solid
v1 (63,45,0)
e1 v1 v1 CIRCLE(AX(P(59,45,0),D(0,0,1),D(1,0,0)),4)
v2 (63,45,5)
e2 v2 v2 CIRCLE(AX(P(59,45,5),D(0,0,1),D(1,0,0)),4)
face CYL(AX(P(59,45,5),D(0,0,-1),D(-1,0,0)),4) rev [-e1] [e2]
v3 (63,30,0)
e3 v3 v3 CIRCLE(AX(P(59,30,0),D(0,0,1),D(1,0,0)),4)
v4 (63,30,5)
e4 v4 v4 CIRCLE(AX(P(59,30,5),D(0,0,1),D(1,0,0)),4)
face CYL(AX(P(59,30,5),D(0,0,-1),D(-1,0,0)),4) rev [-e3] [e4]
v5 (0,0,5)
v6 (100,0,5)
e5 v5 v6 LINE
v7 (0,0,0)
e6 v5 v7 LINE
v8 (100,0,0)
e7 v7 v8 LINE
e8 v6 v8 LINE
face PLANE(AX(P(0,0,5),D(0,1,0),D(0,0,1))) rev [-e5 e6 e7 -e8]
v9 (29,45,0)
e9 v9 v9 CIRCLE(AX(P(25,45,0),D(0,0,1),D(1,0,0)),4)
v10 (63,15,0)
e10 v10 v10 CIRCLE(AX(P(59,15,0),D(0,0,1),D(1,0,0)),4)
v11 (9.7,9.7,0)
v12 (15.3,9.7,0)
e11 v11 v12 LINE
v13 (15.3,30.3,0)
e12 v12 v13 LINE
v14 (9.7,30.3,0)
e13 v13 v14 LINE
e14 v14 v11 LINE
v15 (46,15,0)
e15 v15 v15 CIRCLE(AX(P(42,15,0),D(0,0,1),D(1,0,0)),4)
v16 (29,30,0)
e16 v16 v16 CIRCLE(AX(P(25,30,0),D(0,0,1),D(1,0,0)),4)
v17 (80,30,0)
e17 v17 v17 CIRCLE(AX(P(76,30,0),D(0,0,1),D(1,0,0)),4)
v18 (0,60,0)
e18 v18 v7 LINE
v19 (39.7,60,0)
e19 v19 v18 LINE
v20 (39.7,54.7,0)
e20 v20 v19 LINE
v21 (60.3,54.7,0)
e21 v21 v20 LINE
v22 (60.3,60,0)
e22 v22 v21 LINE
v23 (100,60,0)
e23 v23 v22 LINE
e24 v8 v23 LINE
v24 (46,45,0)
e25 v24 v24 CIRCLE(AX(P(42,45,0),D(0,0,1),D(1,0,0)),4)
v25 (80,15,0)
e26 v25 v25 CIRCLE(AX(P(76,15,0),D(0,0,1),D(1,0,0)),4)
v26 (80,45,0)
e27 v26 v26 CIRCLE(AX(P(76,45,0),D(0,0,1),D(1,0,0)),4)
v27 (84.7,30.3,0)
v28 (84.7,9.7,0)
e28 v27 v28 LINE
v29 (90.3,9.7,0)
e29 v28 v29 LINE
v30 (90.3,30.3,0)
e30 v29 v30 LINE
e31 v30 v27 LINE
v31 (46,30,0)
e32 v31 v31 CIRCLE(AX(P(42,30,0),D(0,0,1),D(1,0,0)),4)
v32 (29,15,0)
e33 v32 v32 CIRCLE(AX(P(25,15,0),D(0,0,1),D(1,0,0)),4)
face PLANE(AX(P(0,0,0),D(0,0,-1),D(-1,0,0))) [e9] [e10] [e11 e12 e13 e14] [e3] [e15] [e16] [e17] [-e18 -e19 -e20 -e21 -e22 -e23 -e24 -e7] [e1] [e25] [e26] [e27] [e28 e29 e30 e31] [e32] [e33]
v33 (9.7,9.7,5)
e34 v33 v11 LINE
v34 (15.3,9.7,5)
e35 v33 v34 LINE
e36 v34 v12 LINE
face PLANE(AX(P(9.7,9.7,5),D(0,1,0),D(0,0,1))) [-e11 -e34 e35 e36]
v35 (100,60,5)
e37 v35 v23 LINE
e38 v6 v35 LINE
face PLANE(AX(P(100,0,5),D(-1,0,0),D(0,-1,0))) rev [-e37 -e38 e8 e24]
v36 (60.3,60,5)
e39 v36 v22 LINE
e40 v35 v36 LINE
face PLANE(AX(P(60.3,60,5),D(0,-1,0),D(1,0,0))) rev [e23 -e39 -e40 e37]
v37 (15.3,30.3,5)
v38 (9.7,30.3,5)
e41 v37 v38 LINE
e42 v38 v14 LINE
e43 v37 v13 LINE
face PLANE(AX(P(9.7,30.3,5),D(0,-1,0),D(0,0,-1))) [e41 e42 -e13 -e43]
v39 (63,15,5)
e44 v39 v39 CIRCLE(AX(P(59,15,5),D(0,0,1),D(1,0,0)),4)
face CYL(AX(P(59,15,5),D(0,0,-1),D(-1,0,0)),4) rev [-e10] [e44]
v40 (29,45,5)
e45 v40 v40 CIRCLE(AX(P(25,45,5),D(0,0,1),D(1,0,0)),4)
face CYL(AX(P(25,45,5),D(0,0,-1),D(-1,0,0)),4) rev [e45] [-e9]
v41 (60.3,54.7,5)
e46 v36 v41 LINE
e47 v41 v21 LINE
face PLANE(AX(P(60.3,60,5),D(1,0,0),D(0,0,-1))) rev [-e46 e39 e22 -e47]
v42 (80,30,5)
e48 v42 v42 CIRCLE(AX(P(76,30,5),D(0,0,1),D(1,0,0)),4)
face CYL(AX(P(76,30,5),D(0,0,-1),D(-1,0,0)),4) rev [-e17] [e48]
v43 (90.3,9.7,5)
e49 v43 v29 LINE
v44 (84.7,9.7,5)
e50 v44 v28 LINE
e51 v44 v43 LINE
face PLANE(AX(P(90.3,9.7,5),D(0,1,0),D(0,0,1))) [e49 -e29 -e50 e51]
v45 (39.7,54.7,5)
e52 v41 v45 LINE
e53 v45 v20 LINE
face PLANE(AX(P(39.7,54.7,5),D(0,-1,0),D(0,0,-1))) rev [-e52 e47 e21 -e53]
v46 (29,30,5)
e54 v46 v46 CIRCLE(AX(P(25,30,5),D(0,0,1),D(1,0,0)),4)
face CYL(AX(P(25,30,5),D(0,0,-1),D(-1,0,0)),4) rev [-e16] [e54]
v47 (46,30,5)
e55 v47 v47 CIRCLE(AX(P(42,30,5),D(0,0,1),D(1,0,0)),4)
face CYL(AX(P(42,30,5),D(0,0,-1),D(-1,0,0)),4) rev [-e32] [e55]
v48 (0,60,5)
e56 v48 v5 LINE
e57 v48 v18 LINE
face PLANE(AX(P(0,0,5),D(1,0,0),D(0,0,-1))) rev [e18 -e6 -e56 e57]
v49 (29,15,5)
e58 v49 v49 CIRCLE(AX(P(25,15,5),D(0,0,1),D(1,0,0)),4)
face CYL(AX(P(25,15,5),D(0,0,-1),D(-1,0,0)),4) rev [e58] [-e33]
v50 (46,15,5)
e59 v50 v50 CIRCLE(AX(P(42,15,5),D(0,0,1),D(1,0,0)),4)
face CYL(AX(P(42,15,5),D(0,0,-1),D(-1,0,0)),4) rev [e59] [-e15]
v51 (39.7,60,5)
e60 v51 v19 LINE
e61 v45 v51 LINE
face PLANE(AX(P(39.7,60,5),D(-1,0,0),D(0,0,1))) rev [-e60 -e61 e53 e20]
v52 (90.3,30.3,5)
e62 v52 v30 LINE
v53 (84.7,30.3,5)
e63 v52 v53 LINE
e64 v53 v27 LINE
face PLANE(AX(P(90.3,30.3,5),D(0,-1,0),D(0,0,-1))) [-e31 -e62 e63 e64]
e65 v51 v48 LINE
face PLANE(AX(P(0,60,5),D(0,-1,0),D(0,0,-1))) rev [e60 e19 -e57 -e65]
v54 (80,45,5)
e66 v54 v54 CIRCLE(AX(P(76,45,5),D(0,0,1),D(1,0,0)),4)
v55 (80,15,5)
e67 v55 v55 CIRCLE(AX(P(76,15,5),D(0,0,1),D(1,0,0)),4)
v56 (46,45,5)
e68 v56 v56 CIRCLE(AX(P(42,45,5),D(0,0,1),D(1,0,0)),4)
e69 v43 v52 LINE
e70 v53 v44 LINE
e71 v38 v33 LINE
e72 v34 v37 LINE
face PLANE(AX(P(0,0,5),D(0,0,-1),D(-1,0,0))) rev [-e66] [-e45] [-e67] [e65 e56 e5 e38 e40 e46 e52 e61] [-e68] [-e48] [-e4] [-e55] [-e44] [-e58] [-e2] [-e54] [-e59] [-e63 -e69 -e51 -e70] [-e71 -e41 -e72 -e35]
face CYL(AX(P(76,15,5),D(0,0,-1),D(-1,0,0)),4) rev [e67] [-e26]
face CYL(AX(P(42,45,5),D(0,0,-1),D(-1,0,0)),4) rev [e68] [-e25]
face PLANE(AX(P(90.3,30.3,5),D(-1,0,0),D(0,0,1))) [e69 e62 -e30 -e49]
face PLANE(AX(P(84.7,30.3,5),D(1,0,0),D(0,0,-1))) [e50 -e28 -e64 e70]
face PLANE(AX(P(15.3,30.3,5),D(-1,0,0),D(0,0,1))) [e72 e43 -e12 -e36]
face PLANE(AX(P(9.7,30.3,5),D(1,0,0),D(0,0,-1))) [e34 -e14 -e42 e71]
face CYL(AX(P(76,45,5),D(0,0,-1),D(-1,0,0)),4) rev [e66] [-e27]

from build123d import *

# Parameters (mm, degrees)
SKETCH1_R           = 4
SKETCH1_W           = 5.6
SKETCH1_H           = 20.6
BOSS_EXTRUDE1_DEPTH = 5


with BuildPart() as part:
    # Sketch1 → Boss-Extrude1 (new body)
    with BuildSketch(Plane.XY):
        Polygon((0, 0), (100, 0), (100, 60), (60.3, 60), (60.3, 54.7), (39.7, 54.7), (39.7, 60), (0, 60), align=None)
        with Locations((25, 45)):
            Circle(SKETCH1_R, mode=Mode.SUBTRACT)
        with Locations((42, 45)):
            Circle(SKETCH1_R, mode=Mode.SUBTRACT)
        with Locations((59, 45)):
            Circle(SKETCH1_R, mode=Mode.SUBTRACT)
        with Locations((76, 45)):
            Circle(SKETCH1_R, mode=Mode.SUBTRACT)
        with Locations((42, 30)):
            Circle(SKETCH1_R, mode=Mode.SUBTRACT)
        with Locations((59, 30)):
            Circle(SKETCH1_R, mode=Mode.SUBTRACT)
        with Locations((76, 30)):
            Circle(SKETCH1_R, mode=Mode.SUBTRACT)
        with Locations((42, 15)):
            Circle(SKETCH1_R, mode=Mode.SUBTRACT)
        with Locations((59, 15)):
            Circle(SKETCH1_R, mode=Mode.SUBTRACT)
        with Locations((76, 15)):
            Circle(SKETCH1_R, mode=Mode.SUBTRACT)
        with Locations((25, 30)):
            Circle(SKETCH1_R, mode=Mode.SUBTRACT)
        with Locations((25, 15)):
            Circle(SKETCH1_R, mode=Mode.SUBTRACT)
        with Locations((12.5, 20)):
            Rectangle(SKETCH1_W, SKETCH1_H, mode=Mode.SUBTRACT)
        with Locations((87.5, 20)):
            Rectangle(SKETCH1_W, SKETCH1_H, mode=Mode.SUBTRACT)
    extrude(amount=BOSS_EXTRUDE1_DEPTH)


solid = part.part
